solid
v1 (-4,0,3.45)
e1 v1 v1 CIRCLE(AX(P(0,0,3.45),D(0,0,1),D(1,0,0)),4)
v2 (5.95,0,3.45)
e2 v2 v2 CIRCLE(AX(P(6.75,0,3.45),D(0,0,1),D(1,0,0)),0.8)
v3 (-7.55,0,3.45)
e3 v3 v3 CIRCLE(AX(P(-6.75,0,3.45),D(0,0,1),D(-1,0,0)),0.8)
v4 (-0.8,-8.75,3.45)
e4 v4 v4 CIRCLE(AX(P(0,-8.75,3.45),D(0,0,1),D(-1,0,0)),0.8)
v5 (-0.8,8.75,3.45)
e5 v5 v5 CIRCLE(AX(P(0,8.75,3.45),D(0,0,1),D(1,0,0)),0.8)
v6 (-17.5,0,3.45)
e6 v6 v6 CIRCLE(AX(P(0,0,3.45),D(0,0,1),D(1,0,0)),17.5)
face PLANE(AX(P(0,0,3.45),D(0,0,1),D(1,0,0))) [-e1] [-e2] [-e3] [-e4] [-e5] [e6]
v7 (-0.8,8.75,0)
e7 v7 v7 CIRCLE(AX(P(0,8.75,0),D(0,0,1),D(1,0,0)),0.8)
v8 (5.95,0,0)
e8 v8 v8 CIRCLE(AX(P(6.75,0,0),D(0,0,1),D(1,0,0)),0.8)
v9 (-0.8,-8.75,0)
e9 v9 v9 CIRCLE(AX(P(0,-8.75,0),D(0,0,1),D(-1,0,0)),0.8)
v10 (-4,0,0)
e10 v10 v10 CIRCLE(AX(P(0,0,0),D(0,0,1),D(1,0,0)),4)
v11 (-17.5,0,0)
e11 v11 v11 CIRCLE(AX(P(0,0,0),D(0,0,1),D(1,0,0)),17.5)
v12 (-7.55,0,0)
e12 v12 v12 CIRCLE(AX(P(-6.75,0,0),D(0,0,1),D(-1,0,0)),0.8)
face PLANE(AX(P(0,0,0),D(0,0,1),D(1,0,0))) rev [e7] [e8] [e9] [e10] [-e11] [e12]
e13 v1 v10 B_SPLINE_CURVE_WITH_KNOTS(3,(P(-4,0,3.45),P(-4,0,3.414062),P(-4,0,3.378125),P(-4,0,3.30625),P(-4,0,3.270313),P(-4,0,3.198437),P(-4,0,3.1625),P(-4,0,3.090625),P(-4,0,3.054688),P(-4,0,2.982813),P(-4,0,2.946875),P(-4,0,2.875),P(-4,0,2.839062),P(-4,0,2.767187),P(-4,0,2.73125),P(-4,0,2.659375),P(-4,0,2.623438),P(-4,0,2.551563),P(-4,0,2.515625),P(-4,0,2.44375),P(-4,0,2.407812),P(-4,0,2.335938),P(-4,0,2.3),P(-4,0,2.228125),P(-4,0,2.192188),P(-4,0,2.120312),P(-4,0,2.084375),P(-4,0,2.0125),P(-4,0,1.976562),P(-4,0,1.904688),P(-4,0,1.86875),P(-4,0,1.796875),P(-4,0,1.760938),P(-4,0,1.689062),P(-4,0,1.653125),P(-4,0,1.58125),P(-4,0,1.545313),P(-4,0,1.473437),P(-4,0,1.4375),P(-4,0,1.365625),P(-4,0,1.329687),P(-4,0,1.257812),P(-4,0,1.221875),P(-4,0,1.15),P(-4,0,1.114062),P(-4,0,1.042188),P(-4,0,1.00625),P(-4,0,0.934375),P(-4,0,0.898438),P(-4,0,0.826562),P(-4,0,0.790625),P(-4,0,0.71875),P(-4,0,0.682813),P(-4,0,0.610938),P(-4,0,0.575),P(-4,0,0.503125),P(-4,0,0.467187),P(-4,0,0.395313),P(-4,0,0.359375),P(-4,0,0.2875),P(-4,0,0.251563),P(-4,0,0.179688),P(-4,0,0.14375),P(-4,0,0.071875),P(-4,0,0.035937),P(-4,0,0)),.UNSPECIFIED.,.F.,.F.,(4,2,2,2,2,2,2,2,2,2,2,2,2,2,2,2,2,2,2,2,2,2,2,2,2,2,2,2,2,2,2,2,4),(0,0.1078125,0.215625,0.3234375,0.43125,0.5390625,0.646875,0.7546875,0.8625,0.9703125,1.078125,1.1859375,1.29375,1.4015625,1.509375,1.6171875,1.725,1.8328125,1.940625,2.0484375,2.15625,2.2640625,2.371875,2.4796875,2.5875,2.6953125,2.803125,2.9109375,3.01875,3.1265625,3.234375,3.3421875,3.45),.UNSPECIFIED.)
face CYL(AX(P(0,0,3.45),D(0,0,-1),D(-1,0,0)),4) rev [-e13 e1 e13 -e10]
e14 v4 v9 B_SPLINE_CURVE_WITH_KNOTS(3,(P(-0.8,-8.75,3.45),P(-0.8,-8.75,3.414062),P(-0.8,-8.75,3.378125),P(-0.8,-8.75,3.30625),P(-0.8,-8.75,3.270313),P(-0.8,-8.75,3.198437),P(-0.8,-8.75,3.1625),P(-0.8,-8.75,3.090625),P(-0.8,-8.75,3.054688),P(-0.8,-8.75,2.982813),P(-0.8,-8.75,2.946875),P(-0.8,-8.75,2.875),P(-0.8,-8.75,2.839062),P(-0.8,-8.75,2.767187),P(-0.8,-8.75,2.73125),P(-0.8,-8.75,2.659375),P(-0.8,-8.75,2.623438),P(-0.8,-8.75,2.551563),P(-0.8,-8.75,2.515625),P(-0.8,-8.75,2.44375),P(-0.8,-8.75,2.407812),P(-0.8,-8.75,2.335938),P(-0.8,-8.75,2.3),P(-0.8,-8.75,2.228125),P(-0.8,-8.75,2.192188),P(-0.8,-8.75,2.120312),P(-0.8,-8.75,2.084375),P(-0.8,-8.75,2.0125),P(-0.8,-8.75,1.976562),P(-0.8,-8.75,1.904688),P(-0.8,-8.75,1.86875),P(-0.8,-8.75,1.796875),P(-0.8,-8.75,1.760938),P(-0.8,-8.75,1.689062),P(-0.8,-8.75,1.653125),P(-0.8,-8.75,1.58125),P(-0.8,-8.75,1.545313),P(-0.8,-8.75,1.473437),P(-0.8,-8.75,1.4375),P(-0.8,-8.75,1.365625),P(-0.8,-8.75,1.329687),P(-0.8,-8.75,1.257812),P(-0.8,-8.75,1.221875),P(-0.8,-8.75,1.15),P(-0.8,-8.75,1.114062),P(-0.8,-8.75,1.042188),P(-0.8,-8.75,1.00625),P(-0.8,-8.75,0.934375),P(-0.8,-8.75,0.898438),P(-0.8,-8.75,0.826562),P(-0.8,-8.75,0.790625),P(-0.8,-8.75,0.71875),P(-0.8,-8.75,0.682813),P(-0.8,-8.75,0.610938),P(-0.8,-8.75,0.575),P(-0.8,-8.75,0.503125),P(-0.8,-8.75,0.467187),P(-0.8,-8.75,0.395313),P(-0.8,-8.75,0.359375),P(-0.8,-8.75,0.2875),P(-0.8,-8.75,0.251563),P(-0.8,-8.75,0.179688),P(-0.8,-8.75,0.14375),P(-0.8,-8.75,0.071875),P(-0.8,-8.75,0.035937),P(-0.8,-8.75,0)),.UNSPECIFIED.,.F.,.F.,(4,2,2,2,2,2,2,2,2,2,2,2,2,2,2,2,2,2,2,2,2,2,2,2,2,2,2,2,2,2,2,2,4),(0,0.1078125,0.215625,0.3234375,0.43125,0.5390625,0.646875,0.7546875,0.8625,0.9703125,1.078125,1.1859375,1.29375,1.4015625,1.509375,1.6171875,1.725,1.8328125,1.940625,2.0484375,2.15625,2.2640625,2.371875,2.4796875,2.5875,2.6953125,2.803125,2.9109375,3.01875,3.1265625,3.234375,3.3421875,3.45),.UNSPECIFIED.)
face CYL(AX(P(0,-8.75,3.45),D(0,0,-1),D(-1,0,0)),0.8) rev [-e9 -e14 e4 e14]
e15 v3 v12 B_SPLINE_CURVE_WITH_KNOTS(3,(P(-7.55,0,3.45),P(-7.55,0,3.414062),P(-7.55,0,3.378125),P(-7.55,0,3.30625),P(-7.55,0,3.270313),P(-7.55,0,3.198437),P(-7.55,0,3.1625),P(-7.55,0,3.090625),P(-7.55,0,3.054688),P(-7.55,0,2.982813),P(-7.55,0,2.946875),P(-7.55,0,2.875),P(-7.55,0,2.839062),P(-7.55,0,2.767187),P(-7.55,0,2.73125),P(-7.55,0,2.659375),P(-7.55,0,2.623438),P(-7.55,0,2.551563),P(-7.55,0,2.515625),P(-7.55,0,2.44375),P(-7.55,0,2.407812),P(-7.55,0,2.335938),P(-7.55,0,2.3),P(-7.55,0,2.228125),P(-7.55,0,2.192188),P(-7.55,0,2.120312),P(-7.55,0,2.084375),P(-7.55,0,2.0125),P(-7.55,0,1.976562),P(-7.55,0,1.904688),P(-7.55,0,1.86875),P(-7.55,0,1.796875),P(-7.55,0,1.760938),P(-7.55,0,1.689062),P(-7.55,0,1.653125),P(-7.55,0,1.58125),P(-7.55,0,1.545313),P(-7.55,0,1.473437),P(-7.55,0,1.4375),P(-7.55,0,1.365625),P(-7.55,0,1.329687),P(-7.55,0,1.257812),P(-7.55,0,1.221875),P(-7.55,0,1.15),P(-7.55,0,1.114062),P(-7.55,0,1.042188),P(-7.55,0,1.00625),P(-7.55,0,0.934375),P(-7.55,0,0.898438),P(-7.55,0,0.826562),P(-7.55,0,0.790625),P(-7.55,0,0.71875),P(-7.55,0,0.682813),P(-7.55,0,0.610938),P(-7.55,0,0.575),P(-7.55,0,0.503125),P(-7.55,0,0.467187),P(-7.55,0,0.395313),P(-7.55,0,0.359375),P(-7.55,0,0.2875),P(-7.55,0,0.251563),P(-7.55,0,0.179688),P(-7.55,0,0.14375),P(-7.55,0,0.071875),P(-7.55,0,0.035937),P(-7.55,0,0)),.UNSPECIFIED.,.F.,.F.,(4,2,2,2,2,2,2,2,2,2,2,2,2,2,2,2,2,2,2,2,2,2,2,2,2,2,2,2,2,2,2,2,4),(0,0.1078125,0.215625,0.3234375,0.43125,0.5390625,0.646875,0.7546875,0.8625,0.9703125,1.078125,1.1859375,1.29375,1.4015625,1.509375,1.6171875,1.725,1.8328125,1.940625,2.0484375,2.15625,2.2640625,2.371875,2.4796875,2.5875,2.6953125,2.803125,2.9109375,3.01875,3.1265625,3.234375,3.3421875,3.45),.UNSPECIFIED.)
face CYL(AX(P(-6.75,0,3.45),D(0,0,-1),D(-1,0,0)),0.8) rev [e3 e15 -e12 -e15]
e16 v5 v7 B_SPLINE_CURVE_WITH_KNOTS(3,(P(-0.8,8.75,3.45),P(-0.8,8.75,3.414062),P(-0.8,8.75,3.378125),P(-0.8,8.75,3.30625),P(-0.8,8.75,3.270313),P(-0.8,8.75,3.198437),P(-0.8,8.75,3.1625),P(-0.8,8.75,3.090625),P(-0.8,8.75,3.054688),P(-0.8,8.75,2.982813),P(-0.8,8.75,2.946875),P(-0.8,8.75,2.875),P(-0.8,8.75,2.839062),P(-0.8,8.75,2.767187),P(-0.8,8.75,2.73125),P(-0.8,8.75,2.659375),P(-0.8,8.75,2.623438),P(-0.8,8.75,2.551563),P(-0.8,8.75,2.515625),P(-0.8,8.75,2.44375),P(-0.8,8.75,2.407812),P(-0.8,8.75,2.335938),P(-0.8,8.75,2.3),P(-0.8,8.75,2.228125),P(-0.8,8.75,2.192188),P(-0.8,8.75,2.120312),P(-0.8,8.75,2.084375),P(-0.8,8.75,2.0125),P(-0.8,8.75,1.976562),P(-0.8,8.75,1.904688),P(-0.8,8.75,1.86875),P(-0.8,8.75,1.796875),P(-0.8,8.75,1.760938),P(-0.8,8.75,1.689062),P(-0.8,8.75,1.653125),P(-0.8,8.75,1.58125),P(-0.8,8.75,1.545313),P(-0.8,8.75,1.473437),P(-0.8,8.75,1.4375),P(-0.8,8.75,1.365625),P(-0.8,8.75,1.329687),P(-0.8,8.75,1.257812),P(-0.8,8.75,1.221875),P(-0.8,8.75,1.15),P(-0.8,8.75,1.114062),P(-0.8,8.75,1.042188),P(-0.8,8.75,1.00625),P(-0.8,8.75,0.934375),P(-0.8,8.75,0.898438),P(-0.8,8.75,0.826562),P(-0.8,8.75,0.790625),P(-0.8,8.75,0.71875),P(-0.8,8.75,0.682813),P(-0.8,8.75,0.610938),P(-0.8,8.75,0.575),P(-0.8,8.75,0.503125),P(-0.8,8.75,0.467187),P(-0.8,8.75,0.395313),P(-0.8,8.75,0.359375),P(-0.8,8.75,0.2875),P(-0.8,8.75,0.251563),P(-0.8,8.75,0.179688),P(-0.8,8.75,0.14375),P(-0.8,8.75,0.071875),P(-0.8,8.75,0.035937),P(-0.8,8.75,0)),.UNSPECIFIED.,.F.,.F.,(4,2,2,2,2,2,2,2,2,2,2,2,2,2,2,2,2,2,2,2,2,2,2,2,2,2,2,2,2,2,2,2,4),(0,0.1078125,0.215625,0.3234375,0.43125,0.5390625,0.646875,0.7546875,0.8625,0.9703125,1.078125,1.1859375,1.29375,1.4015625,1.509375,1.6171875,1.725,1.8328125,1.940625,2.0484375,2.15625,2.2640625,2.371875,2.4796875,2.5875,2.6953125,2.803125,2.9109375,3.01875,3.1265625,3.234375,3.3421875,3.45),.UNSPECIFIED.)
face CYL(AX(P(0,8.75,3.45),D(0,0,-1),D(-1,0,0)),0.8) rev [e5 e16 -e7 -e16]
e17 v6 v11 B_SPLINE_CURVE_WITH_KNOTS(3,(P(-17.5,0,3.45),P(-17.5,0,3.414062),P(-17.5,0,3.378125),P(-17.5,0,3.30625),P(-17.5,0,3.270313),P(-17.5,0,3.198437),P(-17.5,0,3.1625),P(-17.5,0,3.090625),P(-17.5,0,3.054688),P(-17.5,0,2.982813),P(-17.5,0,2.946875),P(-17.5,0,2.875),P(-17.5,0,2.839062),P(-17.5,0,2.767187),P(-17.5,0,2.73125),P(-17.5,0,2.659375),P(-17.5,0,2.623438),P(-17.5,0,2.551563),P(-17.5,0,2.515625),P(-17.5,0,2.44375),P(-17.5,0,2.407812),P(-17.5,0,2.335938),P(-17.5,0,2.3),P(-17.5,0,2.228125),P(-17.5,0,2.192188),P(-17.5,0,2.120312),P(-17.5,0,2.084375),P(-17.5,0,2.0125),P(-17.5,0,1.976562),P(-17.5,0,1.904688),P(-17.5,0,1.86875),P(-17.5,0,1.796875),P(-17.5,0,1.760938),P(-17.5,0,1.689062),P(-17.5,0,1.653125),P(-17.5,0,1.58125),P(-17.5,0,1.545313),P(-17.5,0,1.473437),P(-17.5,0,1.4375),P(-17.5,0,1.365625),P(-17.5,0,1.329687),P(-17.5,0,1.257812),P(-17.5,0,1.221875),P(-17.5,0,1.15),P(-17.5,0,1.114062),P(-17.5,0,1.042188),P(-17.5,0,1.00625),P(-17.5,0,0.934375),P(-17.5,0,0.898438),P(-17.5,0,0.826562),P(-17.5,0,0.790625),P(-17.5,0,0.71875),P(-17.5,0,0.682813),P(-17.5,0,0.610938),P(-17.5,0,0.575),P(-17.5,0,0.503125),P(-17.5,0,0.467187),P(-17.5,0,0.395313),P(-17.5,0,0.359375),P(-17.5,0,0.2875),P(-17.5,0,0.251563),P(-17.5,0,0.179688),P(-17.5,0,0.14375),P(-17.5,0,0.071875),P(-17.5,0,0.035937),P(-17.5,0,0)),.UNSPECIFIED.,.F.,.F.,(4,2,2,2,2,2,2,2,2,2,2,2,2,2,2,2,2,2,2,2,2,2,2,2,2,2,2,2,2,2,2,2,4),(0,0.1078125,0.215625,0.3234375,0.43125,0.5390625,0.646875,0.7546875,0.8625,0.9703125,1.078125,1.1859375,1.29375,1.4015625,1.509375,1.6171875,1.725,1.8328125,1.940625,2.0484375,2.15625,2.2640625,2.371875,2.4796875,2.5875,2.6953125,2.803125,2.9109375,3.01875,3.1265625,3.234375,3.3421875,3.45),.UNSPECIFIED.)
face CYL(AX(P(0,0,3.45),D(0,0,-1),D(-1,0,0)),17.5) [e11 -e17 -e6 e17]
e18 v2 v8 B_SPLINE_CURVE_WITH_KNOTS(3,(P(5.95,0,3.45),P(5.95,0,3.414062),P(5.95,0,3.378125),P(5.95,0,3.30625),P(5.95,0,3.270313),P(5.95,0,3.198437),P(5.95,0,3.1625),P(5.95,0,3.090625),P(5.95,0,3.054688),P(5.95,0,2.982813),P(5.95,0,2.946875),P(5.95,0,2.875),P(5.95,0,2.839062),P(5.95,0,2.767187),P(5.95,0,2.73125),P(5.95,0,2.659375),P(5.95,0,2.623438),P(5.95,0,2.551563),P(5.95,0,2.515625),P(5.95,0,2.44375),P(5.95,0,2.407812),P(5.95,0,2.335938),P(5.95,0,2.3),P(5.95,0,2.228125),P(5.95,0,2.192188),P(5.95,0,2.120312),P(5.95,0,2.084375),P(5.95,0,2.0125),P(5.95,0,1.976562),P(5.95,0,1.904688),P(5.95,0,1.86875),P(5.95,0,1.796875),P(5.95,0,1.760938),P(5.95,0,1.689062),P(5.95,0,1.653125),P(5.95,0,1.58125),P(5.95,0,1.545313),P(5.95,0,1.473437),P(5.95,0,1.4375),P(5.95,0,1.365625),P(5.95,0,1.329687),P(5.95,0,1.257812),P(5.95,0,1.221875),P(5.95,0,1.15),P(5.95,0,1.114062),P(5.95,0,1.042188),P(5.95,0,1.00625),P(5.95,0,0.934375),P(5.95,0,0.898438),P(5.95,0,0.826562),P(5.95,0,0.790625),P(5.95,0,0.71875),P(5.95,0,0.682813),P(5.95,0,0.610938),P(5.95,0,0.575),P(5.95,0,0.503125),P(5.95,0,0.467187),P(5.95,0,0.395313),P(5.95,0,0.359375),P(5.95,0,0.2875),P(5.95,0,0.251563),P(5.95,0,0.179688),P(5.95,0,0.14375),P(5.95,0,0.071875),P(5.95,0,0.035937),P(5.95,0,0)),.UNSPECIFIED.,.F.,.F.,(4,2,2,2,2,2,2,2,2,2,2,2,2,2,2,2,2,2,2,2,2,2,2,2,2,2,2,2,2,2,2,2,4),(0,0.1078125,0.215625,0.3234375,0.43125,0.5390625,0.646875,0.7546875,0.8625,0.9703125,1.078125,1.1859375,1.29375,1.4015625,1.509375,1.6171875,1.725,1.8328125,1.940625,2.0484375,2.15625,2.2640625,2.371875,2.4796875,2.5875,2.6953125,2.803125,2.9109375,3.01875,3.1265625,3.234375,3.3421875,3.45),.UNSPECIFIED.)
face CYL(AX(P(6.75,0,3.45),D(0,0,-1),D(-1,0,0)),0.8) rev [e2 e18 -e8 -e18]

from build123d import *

# Parameters (mm, degrees)
SKETCH1_R           = 17.5
SKETCH1_R_2         = 4
SKETCH1_R_3         = 0.8
BOSS_EXTRUDE1_DEPTH = 3.45


with BuildPart() as part:
    # Sketch1 → Boss-Extrude1 (new body)
    with BuildSketch(Plane.XY):
        with Locations(Location((0, 0, 0), (0, 0, 180))):
            Circle(SKETCH1_R)
        with Locations(Location((0, 0, 0), (0, 0, 180))):
            Circle(SKETCH1_R_2, mode=Mode.SUBTRACT)
        with Locations(Location((6.75, 0, 0), (0, 0, 180))):
            Circle(SKETCH1_R_3, mode=Mode.SUBTRACT)
        with Locations(Location((0, 8.75, 0), (0, 0, 180))):
            Circle(SKETCH1_R_3, mode=Mode.SUBTRACT)
        with Locations(Location((0, -8.75, 0), (0, 0, 180))):
            Circle(SKETCH1_R_3, mode=Mode.SUBTRACT)
        with Locations(Location((-6.75, 0, 0), (0, 0, 180))):
            Circle(SKETCH1_R_3, mode=Mode.SUBTRACT)
    extrude(amount=BOSS_EXTRUDE1_DEPTH)


solid = part.part
